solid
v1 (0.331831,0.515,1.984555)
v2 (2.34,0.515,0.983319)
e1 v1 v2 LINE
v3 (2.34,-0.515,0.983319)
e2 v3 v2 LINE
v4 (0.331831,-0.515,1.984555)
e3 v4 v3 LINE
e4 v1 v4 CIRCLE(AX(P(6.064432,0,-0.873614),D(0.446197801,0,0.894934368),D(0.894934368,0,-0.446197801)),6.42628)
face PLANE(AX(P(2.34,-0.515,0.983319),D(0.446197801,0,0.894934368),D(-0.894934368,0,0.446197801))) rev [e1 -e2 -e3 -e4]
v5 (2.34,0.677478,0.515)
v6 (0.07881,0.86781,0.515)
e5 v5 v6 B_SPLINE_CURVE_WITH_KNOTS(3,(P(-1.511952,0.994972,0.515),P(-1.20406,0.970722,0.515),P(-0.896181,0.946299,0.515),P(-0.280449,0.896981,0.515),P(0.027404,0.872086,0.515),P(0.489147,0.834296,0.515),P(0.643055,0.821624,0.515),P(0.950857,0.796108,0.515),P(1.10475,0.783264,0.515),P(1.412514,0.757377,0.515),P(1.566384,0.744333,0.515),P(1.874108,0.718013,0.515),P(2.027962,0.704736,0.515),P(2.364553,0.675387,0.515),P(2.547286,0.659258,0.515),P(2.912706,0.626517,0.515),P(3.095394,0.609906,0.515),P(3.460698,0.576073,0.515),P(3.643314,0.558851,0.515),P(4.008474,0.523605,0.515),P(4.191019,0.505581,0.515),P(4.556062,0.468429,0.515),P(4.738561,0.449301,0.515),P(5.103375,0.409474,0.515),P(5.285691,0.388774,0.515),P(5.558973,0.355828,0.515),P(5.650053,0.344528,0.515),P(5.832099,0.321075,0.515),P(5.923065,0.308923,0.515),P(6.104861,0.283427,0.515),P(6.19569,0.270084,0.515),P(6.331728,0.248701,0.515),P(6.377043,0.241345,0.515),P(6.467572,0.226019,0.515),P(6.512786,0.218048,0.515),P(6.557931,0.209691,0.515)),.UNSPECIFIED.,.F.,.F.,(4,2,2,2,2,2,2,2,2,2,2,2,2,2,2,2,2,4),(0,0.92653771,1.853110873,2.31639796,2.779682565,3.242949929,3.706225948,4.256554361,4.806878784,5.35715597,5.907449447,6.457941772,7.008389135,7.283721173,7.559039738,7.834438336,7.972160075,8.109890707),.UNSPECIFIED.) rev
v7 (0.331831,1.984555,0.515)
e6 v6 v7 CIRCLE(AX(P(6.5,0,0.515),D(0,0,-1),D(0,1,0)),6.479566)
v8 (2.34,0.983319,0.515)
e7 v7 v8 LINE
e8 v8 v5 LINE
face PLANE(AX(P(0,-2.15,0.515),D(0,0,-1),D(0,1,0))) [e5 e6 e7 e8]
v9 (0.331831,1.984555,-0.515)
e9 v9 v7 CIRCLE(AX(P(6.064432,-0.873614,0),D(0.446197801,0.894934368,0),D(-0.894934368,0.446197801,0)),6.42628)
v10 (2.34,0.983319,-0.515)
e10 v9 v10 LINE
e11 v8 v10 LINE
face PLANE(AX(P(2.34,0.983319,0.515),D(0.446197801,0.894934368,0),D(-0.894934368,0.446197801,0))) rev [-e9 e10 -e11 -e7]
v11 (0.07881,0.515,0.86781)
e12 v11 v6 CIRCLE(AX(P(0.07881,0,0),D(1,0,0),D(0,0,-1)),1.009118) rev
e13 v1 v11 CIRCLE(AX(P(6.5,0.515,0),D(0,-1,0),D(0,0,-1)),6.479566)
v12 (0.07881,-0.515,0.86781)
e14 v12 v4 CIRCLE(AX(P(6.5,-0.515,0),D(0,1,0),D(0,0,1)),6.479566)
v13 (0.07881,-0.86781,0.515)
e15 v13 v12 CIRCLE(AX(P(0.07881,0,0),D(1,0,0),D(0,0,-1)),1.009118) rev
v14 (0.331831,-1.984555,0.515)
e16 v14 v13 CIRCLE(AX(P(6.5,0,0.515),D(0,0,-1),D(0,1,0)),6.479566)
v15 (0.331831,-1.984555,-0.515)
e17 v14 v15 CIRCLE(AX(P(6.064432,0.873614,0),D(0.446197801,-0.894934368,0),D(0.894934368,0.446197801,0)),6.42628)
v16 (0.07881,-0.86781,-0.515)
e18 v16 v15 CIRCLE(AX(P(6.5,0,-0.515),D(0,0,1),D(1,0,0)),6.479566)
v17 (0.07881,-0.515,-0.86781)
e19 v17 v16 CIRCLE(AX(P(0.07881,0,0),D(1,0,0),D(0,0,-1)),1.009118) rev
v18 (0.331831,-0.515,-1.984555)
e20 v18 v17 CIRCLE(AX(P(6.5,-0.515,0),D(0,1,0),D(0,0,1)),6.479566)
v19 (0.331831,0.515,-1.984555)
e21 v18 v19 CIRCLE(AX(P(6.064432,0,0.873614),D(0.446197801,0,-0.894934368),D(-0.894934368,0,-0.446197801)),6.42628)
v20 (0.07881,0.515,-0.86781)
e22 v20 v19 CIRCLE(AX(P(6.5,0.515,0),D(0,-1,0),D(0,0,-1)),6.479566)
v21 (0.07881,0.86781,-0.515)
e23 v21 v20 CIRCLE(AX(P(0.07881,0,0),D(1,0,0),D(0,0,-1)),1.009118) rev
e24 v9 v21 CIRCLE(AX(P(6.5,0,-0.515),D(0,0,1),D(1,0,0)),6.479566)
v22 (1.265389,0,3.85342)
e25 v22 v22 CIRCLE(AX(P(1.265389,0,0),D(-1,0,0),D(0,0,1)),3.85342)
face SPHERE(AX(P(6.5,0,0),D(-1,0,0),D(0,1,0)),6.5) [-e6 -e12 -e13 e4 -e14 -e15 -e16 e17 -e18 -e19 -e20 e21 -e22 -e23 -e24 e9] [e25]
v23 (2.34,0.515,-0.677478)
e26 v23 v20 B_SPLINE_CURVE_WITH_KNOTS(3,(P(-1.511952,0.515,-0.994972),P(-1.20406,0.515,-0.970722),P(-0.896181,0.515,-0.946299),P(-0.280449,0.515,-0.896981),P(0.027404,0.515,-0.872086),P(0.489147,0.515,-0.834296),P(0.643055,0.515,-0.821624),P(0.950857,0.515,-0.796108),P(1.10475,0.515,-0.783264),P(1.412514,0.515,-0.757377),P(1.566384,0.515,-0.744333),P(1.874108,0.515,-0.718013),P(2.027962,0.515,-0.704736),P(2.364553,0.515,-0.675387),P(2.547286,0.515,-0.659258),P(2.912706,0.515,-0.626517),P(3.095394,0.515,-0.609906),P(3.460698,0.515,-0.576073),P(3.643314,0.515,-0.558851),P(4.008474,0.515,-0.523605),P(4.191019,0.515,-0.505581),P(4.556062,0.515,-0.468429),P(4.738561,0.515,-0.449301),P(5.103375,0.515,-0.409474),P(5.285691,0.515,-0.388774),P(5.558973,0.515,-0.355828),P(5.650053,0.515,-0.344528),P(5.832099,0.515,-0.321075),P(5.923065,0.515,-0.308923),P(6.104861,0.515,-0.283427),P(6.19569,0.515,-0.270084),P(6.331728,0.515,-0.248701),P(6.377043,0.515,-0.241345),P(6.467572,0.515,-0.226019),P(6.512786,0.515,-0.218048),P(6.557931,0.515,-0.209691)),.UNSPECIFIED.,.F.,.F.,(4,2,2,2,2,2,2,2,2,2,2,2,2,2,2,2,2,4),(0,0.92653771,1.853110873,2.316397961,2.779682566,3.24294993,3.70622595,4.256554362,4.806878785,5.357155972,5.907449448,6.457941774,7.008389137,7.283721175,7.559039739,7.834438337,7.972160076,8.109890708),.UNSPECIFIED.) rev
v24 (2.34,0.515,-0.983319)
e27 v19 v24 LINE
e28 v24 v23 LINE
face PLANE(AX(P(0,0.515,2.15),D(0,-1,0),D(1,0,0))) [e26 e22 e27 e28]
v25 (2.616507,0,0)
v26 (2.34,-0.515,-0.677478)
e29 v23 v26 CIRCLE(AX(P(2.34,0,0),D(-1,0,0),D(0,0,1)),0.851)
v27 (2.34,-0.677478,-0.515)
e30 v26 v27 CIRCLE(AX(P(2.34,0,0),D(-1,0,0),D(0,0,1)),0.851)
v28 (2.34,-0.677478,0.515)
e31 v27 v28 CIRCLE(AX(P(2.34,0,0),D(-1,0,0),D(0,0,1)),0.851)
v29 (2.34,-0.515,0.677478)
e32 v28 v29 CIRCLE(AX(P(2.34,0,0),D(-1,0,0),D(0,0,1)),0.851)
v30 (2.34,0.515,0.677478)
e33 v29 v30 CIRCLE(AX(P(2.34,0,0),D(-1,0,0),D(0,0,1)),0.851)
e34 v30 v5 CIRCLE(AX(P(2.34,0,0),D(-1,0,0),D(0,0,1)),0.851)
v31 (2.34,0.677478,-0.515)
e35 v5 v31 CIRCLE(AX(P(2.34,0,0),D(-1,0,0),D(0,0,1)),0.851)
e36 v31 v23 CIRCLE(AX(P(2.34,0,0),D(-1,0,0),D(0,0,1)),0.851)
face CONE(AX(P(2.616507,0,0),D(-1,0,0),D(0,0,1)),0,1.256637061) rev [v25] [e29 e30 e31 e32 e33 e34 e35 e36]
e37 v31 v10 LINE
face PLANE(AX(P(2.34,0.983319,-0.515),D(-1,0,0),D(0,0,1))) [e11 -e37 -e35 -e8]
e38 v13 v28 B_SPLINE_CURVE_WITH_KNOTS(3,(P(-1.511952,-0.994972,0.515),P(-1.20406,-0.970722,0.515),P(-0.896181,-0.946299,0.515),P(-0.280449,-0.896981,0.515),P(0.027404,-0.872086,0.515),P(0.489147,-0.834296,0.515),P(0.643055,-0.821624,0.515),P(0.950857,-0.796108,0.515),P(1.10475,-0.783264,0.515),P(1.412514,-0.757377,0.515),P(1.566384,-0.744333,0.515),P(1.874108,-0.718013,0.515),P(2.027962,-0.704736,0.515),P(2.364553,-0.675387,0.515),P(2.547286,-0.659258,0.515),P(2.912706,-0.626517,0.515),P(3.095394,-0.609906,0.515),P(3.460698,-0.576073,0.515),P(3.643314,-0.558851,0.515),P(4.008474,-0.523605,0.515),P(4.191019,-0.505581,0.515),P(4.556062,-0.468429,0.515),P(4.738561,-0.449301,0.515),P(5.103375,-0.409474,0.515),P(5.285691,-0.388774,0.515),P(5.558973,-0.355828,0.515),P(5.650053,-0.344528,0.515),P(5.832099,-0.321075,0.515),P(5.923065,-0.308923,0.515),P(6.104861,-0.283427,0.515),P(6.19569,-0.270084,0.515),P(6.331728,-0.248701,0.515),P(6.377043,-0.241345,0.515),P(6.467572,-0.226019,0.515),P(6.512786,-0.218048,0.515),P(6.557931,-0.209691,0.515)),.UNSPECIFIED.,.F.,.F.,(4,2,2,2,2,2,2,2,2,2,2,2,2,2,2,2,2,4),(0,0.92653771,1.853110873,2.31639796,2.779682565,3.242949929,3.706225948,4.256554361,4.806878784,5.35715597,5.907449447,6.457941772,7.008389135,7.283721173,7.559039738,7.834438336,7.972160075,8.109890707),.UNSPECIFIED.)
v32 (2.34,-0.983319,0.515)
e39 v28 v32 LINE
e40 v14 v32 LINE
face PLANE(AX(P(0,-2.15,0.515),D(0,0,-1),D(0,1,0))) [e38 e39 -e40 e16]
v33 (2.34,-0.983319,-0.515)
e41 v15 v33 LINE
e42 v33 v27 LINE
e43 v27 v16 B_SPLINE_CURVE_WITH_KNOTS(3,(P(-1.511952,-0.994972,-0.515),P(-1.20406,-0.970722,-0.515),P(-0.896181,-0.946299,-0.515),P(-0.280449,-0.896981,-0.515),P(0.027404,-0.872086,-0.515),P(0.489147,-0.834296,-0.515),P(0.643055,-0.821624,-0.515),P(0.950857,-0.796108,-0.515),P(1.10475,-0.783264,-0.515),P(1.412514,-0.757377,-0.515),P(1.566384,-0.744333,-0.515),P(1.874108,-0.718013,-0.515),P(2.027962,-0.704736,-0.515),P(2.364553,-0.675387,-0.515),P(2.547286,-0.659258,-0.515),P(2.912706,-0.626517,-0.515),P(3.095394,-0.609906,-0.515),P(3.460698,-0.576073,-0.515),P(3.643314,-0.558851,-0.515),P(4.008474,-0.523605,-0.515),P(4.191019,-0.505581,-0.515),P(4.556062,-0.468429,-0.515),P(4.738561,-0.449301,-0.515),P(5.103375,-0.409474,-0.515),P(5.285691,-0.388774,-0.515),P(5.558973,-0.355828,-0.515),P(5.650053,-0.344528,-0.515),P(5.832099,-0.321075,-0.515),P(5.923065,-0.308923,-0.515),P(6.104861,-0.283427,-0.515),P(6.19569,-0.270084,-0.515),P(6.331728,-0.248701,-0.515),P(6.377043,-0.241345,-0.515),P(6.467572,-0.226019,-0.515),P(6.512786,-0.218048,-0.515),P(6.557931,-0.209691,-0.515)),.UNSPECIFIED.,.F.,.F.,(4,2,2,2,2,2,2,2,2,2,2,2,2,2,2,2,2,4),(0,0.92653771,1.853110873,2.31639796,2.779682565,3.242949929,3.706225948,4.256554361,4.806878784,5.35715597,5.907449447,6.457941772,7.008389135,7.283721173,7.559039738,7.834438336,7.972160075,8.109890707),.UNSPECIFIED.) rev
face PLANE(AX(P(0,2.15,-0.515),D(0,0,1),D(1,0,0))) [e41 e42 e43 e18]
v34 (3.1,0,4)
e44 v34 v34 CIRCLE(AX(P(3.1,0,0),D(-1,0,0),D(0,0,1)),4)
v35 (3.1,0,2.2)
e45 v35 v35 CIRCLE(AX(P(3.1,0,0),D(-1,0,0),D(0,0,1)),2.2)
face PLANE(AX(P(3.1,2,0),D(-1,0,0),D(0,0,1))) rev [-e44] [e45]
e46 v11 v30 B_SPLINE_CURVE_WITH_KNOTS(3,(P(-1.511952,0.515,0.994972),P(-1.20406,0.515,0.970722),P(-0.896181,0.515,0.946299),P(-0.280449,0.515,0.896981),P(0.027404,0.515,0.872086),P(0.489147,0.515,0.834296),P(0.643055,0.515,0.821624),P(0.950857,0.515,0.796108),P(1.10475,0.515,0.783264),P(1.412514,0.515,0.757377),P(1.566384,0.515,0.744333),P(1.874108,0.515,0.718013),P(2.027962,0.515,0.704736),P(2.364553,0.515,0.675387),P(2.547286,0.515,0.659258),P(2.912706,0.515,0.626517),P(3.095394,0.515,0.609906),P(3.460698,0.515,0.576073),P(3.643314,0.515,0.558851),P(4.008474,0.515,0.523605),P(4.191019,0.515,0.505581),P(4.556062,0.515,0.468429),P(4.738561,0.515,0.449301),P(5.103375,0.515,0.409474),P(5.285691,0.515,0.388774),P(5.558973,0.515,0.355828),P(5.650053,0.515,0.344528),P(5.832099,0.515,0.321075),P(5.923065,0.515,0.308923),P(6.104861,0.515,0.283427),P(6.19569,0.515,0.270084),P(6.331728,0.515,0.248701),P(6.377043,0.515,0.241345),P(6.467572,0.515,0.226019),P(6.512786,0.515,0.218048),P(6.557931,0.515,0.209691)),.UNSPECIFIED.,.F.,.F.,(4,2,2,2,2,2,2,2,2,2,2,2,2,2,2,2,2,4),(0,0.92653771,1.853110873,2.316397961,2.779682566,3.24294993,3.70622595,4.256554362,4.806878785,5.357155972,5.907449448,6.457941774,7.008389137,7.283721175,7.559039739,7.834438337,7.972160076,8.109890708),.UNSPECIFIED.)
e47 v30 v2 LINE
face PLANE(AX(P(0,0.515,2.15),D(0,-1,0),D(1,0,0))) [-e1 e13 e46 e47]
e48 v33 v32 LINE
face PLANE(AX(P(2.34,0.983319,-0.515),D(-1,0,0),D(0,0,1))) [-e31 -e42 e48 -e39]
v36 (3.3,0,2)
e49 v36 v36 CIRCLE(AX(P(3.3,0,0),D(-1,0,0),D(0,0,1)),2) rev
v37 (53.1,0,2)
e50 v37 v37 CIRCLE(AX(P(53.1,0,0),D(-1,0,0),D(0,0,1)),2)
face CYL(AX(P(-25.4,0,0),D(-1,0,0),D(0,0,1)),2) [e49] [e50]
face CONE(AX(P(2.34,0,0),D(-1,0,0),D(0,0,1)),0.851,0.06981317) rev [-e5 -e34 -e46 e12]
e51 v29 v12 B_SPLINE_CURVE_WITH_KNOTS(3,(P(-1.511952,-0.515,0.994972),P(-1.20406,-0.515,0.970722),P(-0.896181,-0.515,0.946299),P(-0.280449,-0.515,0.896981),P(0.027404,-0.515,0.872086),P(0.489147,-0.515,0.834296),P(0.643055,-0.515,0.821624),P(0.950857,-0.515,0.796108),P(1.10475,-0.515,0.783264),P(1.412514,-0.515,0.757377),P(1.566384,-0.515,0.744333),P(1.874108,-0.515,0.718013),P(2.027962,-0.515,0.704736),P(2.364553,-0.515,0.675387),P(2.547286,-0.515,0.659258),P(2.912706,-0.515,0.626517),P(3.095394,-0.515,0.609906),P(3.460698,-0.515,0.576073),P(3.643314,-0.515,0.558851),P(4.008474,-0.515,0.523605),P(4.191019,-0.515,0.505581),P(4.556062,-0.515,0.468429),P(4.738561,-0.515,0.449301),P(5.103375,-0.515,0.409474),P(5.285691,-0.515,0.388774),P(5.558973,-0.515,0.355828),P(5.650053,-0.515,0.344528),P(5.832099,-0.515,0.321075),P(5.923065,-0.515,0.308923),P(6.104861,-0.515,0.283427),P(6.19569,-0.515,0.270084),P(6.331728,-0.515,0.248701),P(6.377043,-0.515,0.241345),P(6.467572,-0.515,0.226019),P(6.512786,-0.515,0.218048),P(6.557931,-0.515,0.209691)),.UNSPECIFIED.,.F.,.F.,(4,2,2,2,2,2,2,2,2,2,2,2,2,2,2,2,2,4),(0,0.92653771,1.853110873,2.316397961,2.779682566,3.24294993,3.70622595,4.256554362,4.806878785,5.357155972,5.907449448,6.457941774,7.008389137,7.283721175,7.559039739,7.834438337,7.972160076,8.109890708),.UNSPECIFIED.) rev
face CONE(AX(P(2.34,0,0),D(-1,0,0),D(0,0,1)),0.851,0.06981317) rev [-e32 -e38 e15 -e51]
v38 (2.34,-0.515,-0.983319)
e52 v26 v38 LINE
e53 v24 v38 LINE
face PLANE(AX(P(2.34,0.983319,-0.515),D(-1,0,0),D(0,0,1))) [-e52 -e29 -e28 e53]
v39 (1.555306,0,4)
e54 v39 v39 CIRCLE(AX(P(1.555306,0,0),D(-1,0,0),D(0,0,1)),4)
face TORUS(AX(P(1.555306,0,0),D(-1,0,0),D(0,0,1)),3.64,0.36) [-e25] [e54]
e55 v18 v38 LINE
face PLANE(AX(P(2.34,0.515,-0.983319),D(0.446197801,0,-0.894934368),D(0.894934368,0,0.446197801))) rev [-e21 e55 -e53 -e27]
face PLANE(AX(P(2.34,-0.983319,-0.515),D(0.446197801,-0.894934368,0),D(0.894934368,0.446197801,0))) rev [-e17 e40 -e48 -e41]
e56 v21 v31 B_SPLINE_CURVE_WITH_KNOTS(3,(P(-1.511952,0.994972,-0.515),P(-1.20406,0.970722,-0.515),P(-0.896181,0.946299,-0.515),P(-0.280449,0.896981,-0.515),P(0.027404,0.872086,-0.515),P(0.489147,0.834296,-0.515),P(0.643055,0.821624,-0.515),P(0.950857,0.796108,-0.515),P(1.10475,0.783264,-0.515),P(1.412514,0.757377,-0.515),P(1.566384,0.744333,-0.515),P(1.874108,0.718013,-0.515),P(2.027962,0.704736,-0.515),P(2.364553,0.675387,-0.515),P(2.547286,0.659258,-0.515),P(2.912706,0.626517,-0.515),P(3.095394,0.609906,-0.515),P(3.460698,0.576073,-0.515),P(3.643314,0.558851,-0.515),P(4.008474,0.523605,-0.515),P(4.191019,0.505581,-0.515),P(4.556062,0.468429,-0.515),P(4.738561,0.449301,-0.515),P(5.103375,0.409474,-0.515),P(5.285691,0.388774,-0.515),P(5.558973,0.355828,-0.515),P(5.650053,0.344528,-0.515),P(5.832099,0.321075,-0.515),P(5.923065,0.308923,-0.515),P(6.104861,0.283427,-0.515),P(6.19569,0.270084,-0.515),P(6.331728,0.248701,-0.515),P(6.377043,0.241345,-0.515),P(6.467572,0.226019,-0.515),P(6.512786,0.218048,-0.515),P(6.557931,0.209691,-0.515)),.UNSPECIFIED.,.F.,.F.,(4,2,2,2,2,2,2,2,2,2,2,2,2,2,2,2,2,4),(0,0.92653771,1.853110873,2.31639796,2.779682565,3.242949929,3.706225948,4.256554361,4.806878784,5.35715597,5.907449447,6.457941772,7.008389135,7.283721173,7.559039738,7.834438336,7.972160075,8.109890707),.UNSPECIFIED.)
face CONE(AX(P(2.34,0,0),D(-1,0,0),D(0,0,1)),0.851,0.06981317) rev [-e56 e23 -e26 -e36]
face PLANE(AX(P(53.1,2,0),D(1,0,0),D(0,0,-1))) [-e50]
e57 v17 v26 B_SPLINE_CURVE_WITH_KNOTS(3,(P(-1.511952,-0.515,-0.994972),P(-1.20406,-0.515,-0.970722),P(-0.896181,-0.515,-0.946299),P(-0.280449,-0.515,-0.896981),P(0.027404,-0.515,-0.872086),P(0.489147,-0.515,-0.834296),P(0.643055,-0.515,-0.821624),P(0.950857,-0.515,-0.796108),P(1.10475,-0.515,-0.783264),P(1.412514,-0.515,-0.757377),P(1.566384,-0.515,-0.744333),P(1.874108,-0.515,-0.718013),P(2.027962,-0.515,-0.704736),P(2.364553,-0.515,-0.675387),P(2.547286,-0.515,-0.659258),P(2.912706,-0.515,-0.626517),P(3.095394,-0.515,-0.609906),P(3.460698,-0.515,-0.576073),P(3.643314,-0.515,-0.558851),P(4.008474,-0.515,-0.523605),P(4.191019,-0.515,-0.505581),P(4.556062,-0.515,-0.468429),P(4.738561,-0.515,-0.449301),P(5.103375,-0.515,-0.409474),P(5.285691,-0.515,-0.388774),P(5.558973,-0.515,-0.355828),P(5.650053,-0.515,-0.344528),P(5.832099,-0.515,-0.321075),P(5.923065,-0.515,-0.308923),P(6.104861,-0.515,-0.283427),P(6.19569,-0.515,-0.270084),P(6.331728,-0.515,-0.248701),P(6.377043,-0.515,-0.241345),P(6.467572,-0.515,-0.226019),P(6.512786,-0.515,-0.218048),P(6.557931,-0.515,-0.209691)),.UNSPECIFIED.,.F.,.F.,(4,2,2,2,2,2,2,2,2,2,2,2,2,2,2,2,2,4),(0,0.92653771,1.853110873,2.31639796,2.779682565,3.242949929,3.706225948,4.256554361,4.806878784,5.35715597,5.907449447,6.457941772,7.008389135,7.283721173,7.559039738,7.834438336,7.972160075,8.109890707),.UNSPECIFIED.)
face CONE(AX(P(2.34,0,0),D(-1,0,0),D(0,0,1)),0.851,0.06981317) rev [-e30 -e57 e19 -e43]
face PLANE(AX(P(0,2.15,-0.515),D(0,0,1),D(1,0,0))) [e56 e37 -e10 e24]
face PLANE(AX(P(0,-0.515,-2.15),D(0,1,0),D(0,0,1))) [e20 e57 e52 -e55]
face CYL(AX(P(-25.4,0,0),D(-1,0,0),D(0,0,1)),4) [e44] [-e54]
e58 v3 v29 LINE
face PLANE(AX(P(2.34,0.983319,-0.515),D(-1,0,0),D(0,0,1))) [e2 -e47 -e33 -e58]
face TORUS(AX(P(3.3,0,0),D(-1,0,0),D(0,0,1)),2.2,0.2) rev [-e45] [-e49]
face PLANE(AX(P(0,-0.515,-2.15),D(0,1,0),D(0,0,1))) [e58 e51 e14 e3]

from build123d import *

# Parameters (mm, degrees)
FILLET1_R    = 0.2
SKETCH3_W    = 1.03
SKETCH3_H    = 4.3
SKETCH4_W    = 1.03
SKETCH4_H    = 1.966638154
RECPAT_COUNT = 2
RECPAT_ANGLE = 90


with BuildPart() as part:
    # BodySke → Base-Revolve (revolve)
    with BuildSketch(Plane.XY):
        with BuildLine():
            Line((3.1, 2), (3.1, 4))
            Line((3.1, 4), (1.555305874, 4))
            ThreePointArc((1.555305874, 4), (1.392873227, 3.961271902), (1.265388955, 3.853420195))
            ThreePointArc((1.265388955, 3.853420195), (0.324444487, 2.027933456), (0, 0))
            Line((0, 0), (53.1, 0))
            Line((53.1, 0), (53.1, 2))
            Line((53.1, 2), (3.1, 2))
        make_face()
    revolve(axis=Axis((-25.4, 0, 0), (1, 0, 0)))

    # Fillet1
    fillet1_edges = [part.edges().sort_by_distance(p)[0] for p in [
        (3.1, -2, 0),
    ]]
    fillet(fillet1_edges, radius=FILLET1_R)

    # Sketch3 → Recess section 0
    with BuildSketch(Plane(origin=(0, 0, 0), x_dir=(0, 0, -1), z_dir=(1, 0, 0))):
        Rectangle(SKETCH3_W, SKETCH3_H)
    # Sketch4 → Recess section 1
    with BuildSketch(Plane(origin=(2.34, 0, 0), x_dir=(0, 0, -1), z_dir=(1, 0, 0))):
        Rectangle(SKETCH4_W, SKETCH4_H)
    recess = loft(mode=Mode.SUBTRACT)

    # RecPat: Recess ×2 about axis
    recpat_axis = Axis((0, 0, 0), (1, 0, 0))
    for i in range(1, RECPAT_COUNT):
        add(recess.rotate(recpat_axis, i * RECPAT_ANGLE / (RECPAT_COUNT - 1)), mode=Mode.SUBTRACT)

    # RecCorSke → RecessCore (revolve, cut)
    with BuildSketch(Plane.XY):
        Polygon((0, 0), (0, 1.01462874), (2.34, 0.851), (2.616506661, 0), align=None)
    revolve(axis=Axis((-3.175, 0, 0), (1, 0, 0)), mode=Mode.SUBTRACT)


solid = part.part
